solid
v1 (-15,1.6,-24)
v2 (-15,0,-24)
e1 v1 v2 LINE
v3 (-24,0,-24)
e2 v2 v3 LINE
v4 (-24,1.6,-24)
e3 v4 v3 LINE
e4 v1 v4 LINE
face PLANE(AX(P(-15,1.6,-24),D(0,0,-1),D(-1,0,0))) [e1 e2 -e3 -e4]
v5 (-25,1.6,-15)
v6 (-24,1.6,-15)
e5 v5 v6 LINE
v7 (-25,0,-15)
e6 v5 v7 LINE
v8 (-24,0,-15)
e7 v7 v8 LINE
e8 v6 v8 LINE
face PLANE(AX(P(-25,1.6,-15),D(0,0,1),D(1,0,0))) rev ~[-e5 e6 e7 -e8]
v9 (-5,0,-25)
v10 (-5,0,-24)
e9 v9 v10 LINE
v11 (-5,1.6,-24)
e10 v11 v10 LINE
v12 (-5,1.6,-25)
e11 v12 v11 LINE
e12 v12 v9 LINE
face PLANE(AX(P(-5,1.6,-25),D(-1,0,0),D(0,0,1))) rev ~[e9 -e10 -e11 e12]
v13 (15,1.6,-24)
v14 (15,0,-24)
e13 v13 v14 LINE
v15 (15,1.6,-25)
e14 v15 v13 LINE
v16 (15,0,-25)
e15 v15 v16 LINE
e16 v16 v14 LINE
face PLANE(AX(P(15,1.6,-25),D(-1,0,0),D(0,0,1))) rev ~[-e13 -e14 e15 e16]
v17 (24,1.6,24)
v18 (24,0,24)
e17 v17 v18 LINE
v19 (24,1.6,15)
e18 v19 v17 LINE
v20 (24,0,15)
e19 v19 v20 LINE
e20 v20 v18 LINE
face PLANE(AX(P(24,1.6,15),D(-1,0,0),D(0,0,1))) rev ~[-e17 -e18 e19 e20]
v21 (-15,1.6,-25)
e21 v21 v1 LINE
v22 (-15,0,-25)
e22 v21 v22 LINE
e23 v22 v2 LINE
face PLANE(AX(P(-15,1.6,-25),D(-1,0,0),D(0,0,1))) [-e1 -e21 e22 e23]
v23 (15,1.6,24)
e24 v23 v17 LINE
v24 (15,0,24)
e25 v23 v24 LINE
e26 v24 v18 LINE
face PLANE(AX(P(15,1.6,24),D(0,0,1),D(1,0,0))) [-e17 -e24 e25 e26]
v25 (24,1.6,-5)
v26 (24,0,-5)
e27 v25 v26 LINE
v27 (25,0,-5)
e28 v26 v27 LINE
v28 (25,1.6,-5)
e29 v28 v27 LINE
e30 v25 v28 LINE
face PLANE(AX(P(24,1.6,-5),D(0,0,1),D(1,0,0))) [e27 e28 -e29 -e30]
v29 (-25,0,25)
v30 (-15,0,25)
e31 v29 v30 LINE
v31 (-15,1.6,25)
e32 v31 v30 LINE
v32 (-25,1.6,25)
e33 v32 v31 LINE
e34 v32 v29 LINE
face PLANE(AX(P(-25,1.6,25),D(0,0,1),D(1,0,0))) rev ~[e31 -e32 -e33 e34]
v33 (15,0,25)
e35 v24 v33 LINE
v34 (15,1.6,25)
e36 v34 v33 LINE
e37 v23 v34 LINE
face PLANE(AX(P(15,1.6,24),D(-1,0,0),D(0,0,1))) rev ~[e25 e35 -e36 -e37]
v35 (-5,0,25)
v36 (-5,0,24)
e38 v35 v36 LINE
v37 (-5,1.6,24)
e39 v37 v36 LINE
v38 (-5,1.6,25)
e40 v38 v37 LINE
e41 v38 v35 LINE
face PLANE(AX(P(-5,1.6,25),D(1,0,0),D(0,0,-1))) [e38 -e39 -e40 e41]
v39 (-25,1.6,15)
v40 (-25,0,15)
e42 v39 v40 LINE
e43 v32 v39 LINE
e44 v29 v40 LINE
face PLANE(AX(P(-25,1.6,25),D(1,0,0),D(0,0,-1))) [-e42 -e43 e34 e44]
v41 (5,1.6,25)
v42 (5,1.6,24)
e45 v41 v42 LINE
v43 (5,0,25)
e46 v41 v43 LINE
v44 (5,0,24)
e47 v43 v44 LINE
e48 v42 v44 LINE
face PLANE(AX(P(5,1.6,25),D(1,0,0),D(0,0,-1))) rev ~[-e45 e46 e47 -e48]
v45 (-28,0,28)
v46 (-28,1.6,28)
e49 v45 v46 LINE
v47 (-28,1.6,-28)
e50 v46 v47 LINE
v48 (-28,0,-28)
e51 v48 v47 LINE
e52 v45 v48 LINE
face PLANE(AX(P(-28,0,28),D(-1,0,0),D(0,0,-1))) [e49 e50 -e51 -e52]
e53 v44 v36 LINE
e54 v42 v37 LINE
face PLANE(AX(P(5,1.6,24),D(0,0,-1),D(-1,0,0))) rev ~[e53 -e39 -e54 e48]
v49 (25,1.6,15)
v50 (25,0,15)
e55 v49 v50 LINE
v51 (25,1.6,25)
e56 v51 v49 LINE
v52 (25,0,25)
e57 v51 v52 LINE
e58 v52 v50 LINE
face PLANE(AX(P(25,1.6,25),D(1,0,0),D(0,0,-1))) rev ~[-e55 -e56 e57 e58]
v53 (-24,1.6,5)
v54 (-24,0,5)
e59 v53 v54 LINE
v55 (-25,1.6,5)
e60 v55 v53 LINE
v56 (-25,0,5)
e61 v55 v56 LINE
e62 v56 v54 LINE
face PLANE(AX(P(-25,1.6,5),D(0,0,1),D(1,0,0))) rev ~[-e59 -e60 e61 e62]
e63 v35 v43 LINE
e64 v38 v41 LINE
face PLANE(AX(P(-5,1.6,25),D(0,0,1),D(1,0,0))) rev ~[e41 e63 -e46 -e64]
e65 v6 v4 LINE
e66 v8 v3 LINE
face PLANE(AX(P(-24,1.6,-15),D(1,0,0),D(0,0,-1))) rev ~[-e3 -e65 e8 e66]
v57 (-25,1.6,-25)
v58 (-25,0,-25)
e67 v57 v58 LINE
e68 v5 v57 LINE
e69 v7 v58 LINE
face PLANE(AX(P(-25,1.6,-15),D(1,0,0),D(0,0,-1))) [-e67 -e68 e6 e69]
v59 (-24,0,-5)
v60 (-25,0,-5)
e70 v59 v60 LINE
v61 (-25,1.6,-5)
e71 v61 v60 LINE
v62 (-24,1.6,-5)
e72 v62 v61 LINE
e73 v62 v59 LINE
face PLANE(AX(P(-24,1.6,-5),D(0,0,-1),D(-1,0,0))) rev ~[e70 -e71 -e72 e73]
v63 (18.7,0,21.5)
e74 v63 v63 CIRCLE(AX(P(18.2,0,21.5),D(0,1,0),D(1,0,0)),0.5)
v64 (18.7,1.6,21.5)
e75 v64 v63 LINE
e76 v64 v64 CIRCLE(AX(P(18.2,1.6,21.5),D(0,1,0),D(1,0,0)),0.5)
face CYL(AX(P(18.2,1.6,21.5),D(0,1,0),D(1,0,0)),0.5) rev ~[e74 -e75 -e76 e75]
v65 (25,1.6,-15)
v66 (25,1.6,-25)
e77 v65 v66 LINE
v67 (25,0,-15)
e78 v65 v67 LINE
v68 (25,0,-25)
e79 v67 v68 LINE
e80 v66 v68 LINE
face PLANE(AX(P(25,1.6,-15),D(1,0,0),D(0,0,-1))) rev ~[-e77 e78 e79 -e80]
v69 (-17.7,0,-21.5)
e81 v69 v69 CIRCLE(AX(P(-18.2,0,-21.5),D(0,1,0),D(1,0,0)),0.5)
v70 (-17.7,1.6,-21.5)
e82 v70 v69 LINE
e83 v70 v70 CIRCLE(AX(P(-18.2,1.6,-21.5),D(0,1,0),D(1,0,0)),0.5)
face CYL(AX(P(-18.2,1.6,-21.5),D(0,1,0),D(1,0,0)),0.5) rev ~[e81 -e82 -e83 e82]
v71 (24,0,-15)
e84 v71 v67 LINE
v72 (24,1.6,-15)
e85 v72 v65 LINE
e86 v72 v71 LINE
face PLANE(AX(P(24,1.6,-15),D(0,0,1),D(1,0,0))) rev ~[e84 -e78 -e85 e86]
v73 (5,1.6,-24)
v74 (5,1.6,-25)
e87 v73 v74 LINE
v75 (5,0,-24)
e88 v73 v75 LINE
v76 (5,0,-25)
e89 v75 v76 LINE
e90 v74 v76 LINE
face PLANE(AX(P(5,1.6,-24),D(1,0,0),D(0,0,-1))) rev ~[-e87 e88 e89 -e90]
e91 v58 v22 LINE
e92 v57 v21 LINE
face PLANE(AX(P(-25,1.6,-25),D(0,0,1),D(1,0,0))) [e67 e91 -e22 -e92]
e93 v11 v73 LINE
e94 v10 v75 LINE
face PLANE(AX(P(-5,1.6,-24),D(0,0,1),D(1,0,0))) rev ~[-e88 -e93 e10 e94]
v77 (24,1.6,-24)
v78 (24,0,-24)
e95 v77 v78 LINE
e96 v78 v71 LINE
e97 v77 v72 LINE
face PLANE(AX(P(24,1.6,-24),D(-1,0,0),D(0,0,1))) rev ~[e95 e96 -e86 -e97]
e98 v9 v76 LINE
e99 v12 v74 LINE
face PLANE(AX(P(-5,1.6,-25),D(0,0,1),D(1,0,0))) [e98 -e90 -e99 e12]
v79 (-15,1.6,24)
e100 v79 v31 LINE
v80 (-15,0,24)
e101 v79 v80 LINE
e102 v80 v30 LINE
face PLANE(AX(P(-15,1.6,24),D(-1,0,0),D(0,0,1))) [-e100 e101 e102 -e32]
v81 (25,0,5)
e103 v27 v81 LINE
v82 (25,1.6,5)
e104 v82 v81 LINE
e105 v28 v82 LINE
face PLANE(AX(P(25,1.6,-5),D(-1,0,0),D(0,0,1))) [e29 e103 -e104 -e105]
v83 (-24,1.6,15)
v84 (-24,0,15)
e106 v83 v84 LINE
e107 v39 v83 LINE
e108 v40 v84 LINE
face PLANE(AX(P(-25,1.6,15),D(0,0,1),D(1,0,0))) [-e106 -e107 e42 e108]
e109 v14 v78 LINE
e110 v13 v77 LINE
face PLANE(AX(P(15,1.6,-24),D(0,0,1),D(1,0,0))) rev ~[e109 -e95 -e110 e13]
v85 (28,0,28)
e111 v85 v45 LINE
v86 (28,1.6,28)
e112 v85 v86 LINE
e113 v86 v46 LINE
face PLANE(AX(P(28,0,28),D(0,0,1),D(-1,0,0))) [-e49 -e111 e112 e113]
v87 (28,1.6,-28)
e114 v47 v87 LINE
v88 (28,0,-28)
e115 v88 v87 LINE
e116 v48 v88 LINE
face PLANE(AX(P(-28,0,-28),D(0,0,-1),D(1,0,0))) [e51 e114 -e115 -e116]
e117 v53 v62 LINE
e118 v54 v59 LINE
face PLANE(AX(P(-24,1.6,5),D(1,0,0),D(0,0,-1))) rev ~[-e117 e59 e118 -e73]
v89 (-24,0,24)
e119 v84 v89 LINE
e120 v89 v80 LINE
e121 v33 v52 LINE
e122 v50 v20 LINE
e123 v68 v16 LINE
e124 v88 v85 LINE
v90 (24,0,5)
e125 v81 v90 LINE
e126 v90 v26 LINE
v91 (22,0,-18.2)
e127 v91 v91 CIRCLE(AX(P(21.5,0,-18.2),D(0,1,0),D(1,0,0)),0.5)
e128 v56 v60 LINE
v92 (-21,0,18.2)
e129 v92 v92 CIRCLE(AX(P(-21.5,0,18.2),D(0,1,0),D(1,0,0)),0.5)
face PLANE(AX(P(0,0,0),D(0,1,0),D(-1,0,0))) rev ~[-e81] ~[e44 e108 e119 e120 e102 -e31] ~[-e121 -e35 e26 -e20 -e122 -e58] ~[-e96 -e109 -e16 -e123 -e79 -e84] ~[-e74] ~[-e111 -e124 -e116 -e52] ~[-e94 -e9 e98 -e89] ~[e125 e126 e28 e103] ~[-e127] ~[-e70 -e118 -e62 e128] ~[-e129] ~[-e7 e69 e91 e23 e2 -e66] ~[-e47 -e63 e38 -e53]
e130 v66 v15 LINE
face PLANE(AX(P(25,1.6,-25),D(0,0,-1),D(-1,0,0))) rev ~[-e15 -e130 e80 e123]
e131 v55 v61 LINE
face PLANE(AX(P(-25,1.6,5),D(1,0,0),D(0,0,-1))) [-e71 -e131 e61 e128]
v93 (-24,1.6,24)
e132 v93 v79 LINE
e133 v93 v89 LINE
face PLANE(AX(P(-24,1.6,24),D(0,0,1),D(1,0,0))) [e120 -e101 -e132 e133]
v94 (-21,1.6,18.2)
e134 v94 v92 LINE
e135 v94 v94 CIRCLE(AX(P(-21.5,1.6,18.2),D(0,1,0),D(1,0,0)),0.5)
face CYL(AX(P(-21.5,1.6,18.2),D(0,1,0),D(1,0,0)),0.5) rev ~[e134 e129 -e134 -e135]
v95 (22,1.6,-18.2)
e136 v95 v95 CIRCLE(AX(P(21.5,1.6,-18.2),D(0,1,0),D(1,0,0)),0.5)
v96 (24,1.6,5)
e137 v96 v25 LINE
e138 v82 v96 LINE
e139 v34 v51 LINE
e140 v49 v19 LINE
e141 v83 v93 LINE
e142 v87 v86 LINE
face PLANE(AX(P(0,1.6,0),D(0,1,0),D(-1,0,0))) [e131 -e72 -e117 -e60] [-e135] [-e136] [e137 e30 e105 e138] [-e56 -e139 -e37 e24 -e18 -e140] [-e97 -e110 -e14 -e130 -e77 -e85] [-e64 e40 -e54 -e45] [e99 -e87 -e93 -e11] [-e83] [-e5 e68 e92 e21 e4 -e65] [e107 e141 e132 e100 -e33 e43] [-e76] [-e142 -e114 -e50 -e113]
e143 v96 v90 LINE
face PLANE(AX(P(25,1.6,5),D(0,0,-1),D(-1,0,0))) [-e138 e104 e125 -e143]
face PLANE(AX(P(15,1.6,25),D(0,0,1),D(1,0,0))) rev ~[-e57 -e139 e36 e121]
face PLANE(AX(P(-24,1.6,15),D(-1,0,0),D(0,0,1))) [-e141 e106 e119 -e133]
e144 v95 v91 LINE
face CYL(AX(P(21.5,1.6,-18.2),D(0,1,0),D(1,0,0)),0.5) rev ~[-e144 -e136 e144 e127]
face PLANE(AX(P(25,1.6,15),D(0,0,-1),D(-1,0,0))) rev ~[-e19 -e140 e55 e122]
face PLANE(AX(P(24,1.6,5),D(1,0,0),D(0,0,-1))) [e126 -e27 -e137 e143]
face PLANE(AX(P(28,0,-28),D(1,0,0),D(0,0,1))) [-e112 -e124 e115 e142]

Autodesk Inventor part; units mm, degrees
ref_plane "YZ Plane" through (0, 0, 0) normal (1, 0, 0) x (0, 1, 0)
ref_plane "XZ Plane" through (0, 0, 0) normal (0, 1, 0) x (-1, 0, 0)
ref_plane "XY Plane" through (0, 0, 0) normal (0, 0, 1) x (1, 0, 0)
sketch "Sketch1" plane through (0, 0, 0) normal (0, 1, 0) x (-1, 0, 0)
  line L0 (-28, 28) -> (28, 28)
  line L1 (28, 28) -> (28, -28)
  line L2 (28, -28) -> (-28, -28)
  line L3 (-28, -28) -> (-28, 28)
  line L4 (-28, 28) -> (28, -28) construction
  line L5 (28, 28) -> (-28, -28) construction
  point P0 (0, 0)
  dimension "d0" = 56
  dimension "d1" = 56
extrude "Extrusion1" add sketch "Sketch1" along normal blind 1.6
sketch "Sketch2" plane through (0, 1.6, 0) normal (0, 1, 0) x (1, 0, 0)
  line L0 (25, -25) -> (-25, 25) construction
  line L1 (-25, -25) -> (25, 25) construction
  line L2 (-25, -25) -> (-25, -15)
  line L3 (-25, -15) -> (-24, -15)
  line L4 (-24, -15) -> (-24, -24)
  line L5 (-24, -24) -> (-15, -24)
  line L6 (-15, -24) -> (-15, -25)
  line L7 (15, -24) -> (15, -25)
  line L8 (-25, -25) -> (-15, -25)
  line L9 (-5, -25) -> (-5, -24)
  line L10 (-28, -28) -> (28, -28) projected
  line L11 (-25, 15) -> (-24, 15)
  line L12 (-25, -5) -> (-24, -5)
  line L13 (-24, -5) -> (-24, 5)
  line L14 (-24, 5) -> (-25, 5)
  line L15 (-25, -5) -> (-25, 5)
  line L16 (-28, 28) -> (-28, -28) projected
  line L17 (-5, 25) -> (-5, 24)
  line L18 (-5, 24) -> (5, 24)
  line L19 (5, 24) -> (5, 25)
  line L20 (25, 25) -> (15, 25)
  line L21 (15, 25) -> (15, 24)
  line L22 (15, 24) -> (24, 24)
  line L23 (24, 24) -> (24, 15)
  line L24 (24, 15) -> (25, 15)
  line L25 (-5, 25) -> (5, 25)
  line L26 (25, -5) -> (24, -5)
  line L27 (24, -5) -> (24, 5)
  line L28 (24, 5) -> (25, 5)
  line L29 (25, 5) -> (25, -5)
  line L30 (28, 28) -> (-28, 28) projected
  line L31 (25, 15) -> (25, 25)
  line L32 (15, -25) -> (25, -25)
  line L33 (25, -25) -> (25, -15)
  line L34 (25, -15) -> (24, -15)
  line L35 (24, -15) -> (24, -24)
  line L36 (15, -24) -> (24, -24)
  line L37 (-5, -25) -> (5, -25)
  line L38 (5, -25) -> (5, -24)
  line L39 (5, -24) -> (-5, -24)
  line L40 (-5, -24) -> (-5, -25)
  line L41 (-25, 15) -> (-25, 25)
  line L42 (-25, 25) -> (-15, 25)
  line L43 (-15, 25) -> (-15, 24)
  line L44 (-15, 24) -> (-24, 24)
  line L45 (-24, 15) -> (-24, 24)
  point P0 (0, 0)
  dimension "d4" = 50
  dimension "d5" = 50
  dimension "d6" = 10
  dimension "d7" = 1
  dimension "d8" = 9
  dimension "d9" = 9
  dimension "d16" = 10
  dimension "d17" = 10
  dimension "d18" = 1
  dimension "d21" = 1
  dimension "d22" = 10
  dimension "d23" = 3
  dimension "d24" = 10
  dimension "d25" = 1
  dimension "d27" = 10
  dimension "d28" = 10
  dimension "d29" = 1
  dimension "d30" = 9
  dimension "d31" = 9
  dimension "d32" = 1
  dimension "d33" = 10
  dimension "d34" = 1
  dimension "d35" = 10
  dimension "d36" = 3
  dimension "d37" = 10
  dimension "d38" = 10
  dimension "d39" = 10
  dimension "d40" = 10
  dimension "d41" = 10
extrude "Extrusion2" cut sketch "Sketch2" against normal blind 1.6
sketch "Sketch3" plane through (0, 1.6, 0) normal (0, 1, 0) x (1, 0, 0)
  circle A0 centre (-18.2, 21.5) radius 0.5
  circle A1 centre (21.5, 18.2) radius 0.5
  circle A2 centre (18.2, -21.5) radius 0.5
  circle A3 centre (-21.5, -18.2) radius 0.5
  line L0 (-25, -25) -> (-25, -15) projected
  line L1 (-15, -25) -> (-25, -25) projected
  line L2 (-25, 25) -> (-15, 25) projected
  line L3 (-25, 15) -> (-25, 25) projected
  line L4 (25, 25) -> (25, 15) projected
  line L5 (15, 25) -> (25, 25) projected
  line L6 (25, -15) -> (25, -25) projected
  line L7 (25, -25) -> (15, -25) projected
  point P0 (0, 0)
  dimension "d44" = 1
  dimension "d45" = 1
  dimension "d46" = 1
  dimension "d47" = 1
  dimension "d48" = 3.5
  dimension "d49" = 6.8
  dimension "d50" = 3.5
  dimension "d51" = 6.8
  dimension "d52" = 3.5
  dimension "d53" = 6.8
  dimension "d54" = 6.8
  dimension "d55" = 3.5
extrude "Extrusion3" cut sketch "Sketch3" against normal blind 1.6
properties part number "Bottom Panel"
